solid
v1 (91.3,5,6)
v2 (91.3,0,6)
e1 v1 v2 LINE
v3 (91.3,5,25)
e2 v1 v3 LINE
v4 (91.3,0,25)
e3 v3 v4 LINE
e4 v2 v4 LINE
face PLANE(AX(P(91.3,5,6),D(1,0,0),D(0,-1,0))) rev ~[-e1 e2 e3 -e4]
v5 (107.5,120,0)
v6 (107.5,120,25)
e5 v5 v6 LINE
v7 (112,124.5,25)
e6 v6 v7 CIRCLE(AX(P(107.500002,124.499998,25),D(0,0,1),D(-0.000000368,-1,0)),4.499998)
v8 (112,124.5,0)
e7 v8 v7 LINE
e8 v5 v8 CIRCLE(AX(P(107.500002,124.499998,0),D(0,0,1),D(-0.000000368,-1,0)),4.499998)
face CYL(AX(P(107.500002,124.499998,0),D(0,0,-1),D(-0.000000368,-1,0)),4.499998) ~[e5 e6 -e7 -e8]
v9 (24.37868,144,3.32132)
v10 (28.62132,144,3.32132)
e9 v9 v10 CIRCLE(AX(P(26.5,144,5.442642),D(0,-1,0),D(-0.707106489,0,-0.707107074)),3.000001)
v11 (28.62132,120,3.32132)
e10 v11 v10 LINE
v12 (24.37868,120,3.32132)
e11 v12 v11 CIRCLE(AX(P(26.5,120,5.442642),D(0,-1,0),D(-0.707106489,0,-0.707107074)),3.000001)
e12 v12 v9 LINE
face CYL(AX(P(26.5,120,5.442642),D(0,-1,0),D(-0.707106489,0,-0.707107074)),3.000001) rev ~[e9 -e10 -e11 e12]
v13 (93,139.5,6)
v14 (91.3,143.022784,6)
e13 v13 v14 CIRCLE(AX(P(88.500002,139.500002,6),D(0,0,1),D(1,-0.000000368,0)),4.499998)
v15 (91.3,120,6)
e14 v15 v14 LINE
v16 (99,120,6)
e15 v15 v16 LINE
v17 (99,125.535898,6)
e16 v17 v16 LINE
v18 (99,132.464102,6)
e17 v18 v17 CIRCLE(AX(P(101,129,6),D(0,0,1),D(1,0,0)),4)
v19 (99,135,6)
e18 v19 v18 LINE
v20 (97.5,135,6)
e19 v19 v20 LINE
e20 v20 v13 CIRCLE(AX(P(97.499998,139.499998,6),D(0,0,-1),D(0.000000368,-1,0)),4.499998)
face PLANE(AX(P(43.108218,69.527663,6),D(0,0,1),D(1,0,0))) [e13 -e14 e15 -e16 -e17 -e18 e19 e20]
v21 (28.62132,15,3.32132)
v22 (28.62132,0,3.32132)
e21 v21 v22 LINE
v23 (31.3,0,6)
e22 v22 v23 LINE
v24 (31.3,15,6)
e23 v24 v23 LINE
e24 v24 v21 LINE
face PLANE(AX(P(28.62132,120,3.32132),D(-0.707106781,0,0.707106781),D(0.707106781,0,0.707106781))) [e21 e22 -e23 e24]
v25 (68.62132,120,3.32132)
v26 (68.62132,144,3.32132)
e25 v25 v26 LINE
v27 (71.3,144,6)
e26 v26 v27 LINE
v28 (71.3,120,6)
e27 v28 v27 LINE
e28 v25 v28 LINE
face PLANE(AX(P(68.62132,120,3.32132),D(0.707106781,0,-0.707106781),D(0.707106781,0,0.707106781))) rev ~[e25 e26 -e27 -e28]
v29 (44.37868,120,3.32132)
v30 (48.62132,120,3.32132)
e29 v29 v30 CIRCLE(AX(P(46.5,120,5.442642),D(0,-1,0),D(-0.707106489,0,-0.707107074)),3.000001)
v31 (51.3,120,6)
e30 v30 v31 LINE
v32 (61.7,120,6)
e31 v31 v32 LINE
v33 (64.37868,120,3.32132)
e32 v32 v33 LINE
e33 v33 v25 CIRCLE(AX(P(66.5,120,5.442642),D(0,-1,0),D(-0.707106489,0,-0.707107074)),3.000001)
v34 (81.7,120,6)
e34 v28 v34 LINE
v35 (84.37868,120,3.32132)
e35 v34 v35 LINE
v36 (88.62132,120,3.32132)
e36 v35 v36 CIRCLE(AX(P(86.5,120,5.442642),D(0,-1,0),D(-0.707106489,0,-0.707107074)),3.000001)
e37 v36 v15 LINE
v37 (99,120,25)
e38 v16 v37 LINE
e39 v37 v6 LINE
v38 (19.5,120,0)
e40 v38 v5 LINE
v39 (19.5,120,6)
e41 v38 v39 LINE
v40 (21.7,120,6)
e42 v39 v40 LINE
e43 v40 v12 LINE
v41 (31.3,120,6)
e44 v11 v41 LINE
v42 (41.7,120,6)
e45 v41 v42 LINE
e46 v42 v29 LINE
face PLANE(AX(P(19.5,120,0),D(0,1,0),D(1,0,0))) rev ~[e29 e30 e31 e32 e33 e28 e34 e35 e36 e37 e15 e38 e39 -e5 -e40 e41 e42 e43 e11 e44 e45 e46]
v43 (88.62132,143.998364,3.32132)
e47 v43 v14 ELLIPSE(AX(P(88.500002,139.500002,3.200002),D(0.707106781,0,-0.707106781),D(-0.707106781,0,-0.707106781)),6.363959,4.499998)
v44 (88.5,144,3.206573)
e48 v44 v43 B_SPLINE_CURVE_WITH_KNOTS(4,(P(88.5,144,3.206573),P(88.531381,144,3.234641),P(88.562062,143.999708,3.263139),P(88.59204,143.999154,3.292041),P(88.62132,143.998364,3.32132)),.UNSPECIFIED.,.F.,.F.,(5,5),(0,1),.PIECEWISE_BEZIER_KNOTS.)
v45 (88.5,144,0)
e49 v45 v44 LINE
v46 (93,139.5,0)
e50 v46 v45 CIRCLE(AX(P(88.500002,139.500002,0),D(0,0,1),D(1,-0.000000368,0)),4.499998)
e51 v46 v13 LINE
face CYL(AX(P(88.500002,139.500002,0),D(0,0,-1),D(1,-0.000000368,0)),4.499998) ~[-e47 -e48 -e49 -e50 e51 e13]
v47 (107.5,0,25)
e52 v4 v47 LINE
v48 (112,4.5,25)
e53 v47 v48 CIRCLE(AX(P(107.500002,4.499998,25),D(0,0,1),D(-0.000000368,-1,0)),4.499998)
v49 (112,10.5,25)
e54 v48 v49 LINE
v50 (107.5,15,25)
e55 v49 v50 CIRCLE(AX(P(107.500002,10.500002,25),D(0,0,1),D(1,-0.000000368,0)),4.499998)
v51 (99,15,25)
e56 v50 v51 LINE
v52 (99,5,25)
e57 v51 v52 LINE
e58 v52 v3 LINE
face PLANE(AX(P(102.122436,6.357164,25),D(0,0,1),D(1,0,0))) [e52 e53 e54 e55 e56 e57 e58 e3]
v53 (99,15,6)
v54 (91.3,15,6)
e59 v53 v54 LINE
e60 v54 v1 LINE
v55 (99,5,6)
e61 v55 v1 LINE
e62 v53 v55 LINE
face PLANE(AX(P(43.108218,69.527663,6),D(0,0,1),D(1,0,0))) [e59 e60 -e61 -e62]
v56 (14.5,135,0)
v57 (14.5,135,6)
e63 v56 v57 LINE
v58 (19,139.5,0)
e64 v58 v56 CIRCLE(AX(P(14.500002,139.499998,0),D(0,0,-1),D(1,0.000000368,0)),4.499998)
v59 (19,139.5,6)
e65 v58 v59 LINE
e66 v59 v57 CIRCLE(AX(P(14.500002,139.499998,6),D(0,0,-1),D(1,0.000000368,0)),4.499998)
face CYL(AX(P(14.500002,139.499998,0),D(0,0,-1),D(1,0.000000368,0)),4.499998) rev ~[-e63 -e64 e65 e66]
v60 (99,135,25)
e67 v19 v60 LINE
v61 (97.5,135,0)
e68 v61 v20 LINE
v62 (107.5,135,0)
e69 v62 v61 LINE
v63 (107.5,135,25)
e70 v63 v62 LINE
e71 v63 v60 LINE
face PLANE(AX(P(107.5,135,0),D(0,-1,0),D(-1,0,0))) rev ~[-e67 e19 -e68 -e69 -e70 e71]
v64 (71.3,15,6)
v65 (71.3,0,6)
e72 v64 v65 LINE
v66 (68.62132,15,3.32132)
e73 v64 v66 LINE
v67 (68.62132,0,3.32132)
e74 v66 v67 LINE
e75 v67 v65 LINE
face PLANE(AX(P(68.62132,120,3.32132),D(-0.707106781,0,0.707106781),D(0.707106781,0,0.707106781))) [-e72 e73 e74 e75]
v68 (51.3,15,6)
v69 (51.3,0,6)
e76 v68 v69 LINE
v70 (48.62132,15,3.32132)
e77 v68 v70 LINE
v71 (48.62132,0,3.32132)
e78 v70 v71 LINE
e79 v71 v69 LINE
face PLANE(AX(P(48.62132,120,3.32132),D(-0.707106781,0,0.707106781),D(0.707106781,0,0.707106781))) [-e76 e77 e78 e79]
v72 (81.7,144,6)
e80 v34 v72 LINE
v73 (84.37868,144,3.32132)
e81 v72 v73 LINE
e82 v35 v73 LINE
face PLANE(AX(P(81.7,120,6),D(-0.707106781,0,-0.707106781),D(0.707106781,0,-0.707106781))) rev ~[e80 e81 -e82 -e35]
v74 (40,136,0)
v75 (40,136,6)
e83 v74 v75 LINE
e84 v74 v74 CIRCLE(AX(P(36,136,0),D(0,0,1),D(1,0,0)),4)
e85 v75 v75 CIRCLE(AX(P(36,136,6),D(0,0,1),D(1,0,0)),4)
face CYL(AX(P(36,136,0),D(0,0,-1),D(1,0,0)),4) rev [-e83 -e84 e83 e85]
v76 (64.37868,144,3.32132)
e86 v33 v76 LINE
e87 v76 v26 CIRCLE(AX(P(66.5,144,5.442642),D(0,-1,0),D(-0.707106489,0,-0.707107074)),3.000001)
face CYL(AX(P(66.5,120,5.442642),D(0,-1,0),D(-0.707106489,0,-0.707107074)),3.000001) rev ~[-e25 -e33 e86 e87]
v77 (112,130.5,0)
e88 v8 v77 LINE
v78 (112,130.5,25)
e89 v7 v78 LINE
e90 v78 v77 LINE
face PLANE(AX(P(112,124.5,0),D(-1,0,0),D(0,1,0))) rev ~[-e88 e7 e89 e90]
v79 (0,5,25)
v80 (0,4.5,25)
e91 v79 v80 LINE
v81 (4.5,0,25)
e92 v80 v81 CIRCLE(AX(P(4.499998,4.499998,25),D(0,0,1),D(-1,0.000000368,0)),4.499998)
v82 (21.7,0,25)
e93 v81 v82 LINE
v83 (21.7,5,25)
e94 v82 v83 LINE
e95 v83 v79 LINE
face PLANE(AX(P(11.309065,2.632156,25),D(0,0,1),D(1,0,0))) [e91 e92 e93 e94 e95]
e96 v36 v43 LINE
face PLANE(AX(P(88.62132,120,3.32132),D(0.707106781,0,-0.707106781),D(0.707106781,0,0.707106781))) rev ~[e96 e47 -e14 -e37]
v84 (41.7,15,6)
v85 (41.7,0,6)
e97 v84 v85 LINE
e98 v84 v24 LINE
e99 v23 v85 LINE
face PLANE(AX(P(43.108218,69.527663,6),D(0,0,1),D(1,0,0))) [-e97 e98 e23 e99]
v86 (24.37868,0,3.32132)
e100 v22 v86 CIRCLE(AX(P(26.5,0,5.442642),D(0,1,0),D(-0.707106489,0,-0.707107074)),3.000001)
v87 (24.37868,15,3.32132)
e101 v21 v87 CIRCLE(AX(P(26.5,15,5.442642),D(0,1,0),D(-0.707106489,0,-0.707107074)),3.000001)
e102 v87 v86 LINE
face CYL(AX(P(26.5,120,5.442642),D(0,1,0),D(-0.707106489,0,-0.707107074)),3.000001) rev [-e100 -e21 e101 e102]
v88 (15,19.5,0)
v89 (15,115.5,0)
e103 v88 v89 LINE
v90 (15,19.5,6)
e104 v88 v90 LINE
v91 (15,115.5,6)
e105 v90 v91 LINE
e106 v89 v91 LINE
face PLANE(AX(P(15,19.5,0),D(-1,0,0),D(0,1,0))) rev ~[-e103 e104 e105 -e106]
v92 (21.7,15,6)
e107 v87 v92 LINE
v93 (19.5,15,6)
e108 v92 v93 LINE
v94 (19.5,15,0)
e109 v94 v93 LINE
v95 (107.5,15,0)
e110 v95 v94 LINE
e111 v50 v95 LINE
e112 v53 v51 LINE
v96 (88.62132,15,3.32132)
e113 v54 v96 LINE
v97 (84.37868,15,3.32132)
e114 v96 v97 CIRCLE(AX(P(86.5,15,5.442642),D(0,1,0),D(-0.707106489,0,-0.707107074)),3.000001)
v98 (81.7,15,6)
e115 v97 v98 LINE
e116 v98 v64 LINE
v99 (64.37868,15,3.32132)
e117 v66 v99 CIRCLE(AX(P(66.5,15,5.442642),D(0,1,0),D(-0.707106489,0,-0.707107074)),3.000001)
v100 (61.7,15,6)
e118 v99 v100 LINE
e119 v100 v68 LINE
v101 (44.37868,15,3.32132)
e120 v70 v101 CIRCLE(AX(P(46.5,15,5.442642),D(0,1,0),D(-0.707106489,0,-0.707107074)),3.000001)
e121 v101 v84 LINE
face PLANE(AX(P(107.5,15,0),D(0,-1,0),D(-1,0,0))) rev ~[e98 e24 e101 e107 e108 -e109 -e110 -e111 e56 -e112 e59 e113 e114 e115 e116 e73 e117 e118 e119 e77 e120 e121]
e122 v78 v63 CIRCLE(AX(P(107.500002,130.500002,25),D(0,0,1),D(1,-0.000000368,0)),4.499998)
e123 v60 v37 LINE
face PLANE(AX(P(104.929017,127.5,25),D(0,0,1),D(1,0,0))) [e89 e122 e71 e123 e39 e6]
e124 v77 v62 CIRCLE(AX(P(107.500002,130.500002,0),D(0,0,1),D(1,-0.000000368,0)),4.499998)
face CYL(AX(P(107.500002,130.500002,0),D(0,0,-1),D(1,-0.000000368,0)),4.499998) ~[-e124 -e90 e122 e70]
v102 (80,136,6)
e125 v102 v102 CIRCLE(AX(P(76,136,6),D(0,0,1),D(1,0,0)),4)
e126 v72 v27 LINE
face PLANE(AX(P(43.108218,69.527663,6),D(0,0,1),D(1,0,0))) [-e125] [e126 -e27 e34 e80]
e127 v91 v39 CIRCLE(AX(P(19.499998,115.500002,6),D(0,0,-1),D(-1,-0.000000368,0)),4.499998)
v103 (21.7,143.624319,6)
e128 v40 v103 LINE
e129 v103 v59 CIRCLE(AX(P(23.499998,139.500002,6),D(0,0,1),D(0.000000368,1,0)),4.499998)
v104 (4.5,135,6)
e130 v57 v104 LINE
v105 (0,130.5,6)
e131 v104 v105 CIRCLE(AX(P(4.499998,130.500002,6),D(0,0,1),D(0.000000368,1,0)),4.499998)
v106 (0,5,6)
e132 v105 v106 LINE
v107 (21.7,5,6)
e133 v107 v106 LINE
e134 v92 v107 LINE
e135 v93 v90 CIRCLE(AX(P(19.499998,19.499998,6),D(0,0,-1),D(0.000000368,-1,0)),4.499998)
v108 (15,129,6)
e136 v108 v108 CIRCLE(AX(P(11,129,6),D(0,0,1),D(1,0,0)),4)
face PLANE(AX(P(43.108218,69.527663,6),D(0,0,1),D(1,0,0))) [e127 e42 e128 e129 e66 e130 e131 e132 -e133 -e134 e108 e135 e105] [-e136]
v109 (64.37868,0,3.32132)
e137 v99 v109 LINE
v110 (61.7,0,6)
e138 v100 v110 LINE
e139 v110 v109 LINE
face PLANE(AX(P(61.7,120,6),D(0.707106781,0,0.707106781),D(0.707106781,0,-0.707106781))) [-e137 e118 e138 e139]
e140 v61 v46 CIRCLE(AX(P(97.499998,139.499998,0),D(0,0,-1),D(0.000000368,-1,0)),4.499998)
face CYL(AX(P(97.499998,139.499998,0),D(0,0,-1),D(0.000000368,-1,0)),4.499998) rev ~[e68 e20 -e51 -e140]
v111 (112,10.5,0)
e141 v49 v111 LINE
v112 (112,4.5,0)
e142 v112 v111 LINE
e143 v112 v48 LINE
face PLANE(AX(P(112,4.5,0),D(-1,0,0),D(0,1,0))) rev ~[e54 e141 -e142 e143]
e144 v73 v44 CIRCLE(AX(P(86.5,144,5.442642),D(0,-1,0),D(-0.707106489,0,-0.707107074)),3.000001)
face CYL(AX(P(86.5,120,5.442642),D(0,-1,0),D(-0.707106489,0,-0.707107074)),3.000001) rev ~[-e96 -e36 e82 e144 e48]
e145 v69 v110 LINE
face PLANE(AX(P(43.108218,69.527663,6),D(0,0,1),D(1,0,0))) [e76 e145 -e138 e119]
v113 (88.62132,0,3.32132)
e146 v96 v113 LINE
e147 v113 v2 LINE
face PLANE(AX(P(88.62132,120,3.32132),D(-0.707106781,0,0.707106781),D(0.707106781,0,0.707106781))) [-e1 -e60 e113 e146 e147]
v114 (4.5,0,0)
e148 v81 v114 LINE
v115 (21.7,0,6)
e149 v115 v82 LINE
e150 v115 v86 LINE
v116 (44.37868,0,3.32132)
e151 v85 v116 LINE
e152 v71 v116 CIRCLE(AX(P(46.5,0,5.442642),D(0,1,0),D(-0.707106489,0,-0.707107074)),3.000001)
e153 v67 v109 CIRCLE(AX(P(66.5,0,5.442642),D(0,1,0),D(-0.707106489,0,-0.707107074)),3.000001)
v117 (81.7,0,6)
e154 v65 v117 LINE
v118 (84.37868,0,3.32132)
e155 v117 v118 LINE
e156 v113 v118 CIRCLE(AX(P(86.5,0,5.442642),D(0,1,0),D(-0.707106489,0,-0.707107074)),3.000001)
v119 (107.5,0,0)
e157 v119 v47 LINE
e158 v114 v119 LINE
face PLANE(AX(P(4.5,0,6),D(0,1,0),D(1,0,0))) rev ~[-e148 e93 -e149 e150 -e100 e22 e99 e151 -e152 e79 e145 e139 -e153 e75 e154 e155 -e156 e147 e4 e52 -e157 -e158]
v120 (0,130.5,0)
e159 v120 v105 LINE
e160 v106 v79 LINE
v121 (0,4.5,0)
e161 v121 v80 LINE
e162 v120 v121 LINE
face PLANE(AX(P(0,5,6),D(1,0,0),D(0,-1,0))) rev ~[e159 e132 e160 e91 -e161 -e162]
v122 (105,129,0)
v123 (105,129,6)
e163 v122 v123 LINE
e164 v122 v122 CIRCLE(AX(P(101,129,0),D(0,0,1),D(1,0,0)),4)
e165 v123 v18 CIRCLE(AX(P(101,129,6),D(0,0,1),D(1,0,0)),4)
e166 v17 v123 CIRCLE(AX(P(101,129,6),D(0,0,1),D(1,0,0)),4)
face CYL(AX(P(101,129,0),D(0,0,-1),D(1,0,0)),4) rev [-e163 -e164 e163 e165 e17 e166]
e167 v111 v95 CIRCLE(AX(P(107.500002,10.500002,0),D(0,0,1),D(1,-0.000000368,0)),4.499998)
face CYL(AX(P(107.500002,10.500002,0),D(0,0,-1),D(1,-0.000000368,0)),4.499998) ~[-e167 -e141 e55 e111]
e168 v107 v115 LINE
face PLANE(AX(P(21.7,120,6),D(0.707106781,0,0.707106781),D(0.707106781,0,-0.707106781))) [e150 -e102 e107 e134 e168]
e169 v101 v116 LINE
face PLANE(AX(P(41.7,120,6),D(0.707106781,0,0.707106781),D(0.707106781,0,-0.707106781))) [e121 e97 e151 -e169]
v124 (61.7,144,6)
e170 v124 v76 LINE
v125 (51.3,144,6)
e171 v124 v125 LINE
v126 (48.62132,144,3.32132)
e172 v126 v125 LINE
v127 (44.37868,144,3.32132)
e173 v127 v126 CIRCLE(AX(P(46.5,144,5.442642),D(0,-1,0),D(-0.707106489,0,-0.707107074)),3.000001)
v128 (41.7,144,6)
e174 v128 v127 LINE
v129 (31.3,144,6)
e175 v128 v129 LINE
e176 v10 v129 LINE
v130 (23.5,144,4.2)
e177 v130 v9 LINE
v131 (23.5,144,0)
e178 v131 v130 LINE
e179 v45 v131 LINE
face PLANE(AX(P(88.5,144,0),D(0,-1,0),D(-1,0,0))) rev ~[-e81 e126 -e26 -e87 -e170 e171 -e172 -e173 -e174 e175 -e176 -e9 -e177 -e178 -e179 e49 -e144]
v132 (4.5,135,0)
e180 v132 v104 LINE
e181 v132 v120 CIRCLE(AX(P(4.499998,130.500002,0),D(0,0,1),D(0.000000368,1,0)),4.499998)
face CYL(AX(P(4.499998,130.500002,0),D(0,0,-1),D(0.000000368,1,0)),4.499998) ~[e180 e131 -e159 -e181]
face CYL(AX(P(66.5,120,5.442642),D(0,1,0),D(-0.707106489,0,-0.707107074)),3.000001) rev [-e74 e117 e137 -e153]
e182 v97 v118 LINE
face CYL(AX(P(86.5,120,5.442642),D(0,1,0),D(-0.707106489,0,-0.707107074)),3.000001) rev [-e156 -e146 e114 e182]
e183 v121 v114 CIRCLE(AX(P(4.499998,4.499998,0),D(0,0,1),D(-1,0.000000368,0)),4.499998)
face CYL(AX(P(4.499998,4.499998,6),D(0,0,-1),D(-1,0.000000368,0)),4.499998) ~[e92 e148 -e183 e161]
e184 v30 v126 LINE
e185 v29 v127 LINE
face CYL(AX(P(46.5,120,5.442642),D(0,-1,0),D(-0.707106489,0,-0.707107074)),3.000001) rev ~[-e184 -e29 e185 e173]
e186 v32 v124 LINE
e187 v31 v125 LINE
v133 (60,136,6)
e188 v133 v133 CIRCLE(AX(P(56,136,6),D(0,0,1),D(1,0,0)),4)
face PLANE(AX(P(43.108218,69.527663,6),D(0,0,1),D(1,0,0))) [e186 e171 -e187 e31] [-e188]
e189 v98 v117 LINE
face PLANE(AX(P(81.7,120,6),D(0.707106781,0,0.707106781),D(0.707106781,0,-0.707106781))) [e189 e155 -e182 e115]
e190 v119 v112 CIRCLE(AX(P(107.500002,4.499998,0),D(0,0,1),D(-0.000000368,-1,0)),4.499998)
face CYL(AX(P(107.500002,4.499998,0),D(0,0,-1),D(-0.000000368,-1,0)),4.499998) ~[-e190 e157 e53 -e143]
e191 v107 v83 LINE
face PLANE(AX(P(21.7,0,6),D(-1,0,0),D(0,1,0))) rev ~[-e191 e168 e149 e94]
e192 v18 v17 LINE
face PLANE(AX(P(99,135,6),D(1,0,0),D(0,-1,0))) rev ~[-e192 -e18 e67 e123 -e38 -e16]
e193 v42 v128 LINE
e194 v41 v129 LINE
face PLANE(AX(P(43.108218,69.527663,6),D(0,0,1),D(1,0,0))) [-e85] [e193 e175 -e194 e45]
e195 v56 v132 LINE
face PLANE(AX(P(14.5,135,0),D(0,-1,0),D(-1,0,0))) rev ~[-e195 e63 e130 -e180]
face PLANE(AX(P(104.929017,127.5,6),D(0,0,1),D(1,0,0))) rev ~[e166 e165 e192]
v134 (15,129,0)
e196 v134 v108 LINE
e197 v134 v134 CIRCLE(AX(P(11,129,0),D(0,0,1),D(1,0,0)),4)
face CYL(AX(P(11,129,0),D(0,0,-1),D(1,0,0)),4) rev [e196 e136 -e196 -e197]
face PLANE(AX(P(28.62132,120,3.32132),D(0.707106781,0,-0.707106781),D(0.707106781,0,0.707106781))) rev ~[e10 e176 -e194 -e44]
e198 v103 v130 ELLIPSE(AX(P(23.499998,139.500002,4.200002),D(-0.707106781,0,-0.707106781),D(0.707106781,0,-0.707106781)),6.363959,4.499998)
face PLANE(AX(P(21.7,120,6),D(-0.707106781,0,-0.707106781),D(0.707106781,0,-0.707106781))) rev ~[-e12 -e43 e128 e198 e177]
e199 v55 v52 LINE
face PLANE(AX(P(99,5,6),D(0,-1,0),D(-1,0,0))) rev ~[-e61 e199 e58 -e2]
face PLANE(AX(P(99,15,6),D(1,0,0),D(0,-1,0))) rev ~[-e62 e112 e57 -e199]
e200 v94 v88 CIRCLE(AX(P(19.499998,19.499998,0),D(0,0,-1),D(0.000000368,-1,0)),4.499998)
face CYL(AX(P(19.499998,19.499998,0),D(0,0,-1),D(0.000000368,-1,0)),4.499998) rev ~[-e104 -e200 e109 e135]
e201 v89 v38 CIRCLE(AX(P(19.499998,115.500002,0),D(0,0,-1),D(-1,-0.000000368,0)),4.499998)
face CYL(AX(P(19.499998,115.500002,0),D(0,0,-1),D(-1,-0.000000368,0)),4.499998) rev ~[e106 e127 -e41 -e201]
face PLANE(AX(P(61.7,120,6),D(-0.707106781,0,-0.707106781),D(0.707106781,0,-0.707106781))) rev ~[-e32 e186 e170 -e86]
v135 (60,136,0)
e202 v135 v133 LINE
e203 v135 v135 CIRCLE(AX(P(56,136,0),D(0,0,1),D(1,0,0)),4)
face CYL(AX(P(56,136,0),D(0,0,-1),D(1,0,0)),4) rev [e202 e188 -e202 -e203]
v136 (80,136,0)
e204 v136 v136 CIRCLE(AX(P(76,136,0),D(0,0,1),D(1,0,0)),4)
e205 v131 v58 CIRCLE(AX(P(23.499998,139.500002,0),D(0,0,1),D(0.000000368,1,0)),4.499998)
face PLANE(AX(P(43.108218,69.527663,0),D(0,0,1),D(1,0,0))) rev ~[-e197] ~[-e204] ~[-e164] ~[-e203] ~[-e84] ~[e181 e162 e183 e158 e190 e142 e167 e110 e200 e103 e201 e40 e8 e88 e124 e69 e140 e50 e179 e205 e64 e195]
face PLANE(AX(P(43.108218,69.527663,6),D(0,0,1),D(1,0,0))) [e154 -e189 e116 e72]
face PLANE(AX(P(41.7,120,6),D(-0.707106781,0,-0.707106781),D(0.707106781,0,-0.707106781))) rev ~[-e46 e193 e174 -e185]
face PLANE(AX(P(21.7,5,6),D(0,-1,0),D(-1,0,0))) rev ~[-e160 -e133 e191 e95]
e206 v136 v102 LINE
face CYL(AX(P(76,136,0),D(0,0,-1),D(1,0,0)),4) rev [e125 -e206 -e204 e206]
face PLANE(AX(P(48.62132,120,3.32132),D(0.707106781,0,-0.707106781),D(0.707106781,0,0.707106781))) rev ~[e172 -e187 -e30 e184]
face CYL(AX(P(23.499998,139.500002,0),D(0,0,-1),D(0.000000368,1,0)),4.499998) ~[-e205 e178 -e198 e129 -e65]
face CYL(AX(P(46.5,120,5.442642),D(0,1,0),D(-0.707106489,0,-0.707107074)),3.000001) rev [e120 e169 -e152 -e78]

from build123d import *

# Parameters (mm, degrees)
F0_R     = 4
F1_DEPTH = 6
F3_DEPTH = 25
F4_DEPTH = 120.001
F6_DEPTH = 19


with BuildPart() as f1:
    # F0 (on Top) → F1 (new body)
    with BuildSketch(Plane.XY):
        with BuildLine():
            ThreePointArc((93, 139.5), (91.681981, 142.681981), (88.5, 144))
            Line((88.5, 144), (23.5, 144))
            ThreePointArc((23.5, 144), (20.318019, 142.681981), (19, 139.5))
            ThreePointArc((19, 139.5), (17.681981, 136.318019), (14.5, 135))
            Line((14.5, 135), (4.5, 135))
            ThreePointArc((4.5, 135), (1.318019, 133.681981), (0, 130.5))
            Line((0, 130.5), (0, 4.5))
            ThreePointArc((0, 4.5), (1.318019, 1.318019), (4.5, 0))
            Line((4.5, 0), (107.5, 0))
            ThreePointArc((107.5, 0), (110.681981, 1.318019), (112, 4.5))
            Line((112, 4.5), (112, 10.5))
            ThreePointArc((112, 10.5), (110.681981, 13.681981), (107.5, 15))
            Line((107.5, 15), (19.5, 15))
            ThreePointArc((19.5, 15), (16.318019, 16.318019), (15, 19.5))
            Line((15, 19.5), (15, 115.5))
            ThreePointArc((15, 115.5), (16.318019, 118.681981), (19.5, 120))
            Line((19.5, 120), (107.5, 120))
            ThreePointArc((107.5, 120), (110.681981, 121.318019), (112, 124.5))
            Line((112, 124.5), (112, 130.5))
            ThreePointArc((112, 130.5), (110.681981, 133.681981), (107.5, 135))
            Line((107.5, 135), (97.5, 135))
            ThreePointArc((97.5, 135), (94.318019, 136.318019), (93, 139.5))
        make_face()
        with Locations((11, 129)):
            Circle(F0_R, mode=Mode.SUBTRACT)
        with Locations((36, 136)):
            Circle(F0_R, mode=Mode.SUBTRACT)
        with Locations((56, 136)):
            Circle(F0_R, mode=Mode.SUBTRACT)
        with Locations((76, 136)):
            Circle(F0_R, mode=Mode.SUBTRACT)
        with Locations((101, 129)):
            Circle(F0_R, mode=Mode.SUBTRACT)
    extrude(amount=F1_DEPTH)

    # F2 (on face) → F3 (cut)
    with BuildSketch(Plane.XZ.offset(-120)):
        with BuildLine():
            Line((21.7, 7), (21.7, 6))
            Line((21.7, 6), (24.37868, 3.32132))
            ThreePointArc((24.37868, 3.32132), (26.5, 2.442641), (28.62132, 3.32132))
            Line((28.62132, 3.32132), (31.3, 6))
            Line((31.3, 6), (41.7, 6))
            Line((41.7, 6), (44.37868, 3.32132))
            ThreePointArc((44.37868, 3.32132), (46.5, 2.442641), (48.62132, 3.32132))
            Line((48.62132, 3.32132), (51.3, 6))
            Line((51.3, 6), (61.7, 6))
            Line((61.7, 6), (64.37868, 3.32132))
            ThreePointArc((64.37868, 3.32132), (66.5, 2.442641), (68.62132, 3.32132))
            Line((68.62132, 3.32132), (71.3, 6))
            Line((71.3, 6), (81.7, 6))
            Line((81.7, 6), (84.37868, 3.32132))
            ThreePointArc((84.37868, 3.32132), (86.5, 2.442641), (88.62132, 3.32132))
            Line((88.62132, 3.32132), (91.3, 6))
            Line((91.3, 6), (91.3, 7))
            Line((91.3, 7), (21.7, 7))
        make_face()
    extrude(amount=-F3_DEPTH, mode=Mode.SUBTRACT)

    # F2 (on face) → F4 (cut, through all)
    with BuildSketch(Plane.XZ.offset(-120)):
        with BuildLine():
            Line((21.7, 7), (21.7, 6))
            Line((21.7, 6), (24.37868, 3.32132))
            ThreePointArc((24.37868, 3.32132), (26.5, 2.442641), (28.62132, 3.32132))
            Line((28.62132, 3.32132), (31.3, 6))
            Line((31.3, 6), (41.7, 6))
            Line((41.7, 6), (44.37868, 3.32132))
            ThreePointArc((44.37868, 3.32132), (46.5, 2.442641), (48.62132, 3.32132))
            Line((48.62132, 3.32132), (51.3, 6))
            Line((51.3, 6), (61.7, 6))
            Line((61.7, 6), (64.37868, 3.32132))
            ThreePointArc((64.37868, 3.32132), (66.5, 2.442641), (68.62132, 3.32132))
            Line((68.62132, 3.32132), (71.3, 6))
            Line((71.3, 6), (81.7, 6))
            Line((81.7, 6), (84.37868, 3.32132))
            ThreePointArc((84.37868, 3.32132), (86.5, 2.442641), (88.62132, 3.32132))
            Line((88.62132, 3.32132), (91.3, 6))
            Line((91.3, 6), (91.3, 7))
            Line((91.3, 7), (21.7, 7))
        make_face()
    extrude(amount=F4_DEPTH, mode=Mode.SUBTRACT)

    # F5 (on face) → F6 (join)
    with BuildSketch(Plane.XY.offset(6)):
        with BuildLine():
            Line((21.7, 5), (0, 5))
            Line((0, 5), (0, 4.5))
            ThreePointArc((0, 4.5), (1.318019, 1.318019), (4.5, 0))
            Line((4.5, 0), (21.7, 0))
            Line((21.7, 0), (21.7, 5))
        make_face()
        with BuildLine():
            Line((91.3, 5), (91.3, 0))
            Line((91.3, 0), (107.5, 0))
            ThreePointArc((107.5, 0), (110.681981, 1.318019), (112, 4.5))
            Line((112, 4.5), (112, 10.5))
            ThreePointArc((112, 10.5), (110.681981, 13.681981), (107.5, 15))
            Line((107.5, 15), (99, 15))
            Line((99, 15), (99, 5))
            Line((99, 5), (91.3, 5))
        make_face()
        with BuildLine():
            Line((107.5, 135), (99, 135))
            Line((99, 135), (99, 120))
            Line((99, 120), (107.5, 120))
            ThreePointArc((107.5, 120), (110.681981, 121.318019), (112, 124.5))
            Line((112, 124.5), (112, 130.5))
            ThreePointArc((112, 130.5), (110.681981, 133.681981), (107.5, 135))
        make_face()
    extrude(amount=F6_DEPTH)


solid = f1.part
